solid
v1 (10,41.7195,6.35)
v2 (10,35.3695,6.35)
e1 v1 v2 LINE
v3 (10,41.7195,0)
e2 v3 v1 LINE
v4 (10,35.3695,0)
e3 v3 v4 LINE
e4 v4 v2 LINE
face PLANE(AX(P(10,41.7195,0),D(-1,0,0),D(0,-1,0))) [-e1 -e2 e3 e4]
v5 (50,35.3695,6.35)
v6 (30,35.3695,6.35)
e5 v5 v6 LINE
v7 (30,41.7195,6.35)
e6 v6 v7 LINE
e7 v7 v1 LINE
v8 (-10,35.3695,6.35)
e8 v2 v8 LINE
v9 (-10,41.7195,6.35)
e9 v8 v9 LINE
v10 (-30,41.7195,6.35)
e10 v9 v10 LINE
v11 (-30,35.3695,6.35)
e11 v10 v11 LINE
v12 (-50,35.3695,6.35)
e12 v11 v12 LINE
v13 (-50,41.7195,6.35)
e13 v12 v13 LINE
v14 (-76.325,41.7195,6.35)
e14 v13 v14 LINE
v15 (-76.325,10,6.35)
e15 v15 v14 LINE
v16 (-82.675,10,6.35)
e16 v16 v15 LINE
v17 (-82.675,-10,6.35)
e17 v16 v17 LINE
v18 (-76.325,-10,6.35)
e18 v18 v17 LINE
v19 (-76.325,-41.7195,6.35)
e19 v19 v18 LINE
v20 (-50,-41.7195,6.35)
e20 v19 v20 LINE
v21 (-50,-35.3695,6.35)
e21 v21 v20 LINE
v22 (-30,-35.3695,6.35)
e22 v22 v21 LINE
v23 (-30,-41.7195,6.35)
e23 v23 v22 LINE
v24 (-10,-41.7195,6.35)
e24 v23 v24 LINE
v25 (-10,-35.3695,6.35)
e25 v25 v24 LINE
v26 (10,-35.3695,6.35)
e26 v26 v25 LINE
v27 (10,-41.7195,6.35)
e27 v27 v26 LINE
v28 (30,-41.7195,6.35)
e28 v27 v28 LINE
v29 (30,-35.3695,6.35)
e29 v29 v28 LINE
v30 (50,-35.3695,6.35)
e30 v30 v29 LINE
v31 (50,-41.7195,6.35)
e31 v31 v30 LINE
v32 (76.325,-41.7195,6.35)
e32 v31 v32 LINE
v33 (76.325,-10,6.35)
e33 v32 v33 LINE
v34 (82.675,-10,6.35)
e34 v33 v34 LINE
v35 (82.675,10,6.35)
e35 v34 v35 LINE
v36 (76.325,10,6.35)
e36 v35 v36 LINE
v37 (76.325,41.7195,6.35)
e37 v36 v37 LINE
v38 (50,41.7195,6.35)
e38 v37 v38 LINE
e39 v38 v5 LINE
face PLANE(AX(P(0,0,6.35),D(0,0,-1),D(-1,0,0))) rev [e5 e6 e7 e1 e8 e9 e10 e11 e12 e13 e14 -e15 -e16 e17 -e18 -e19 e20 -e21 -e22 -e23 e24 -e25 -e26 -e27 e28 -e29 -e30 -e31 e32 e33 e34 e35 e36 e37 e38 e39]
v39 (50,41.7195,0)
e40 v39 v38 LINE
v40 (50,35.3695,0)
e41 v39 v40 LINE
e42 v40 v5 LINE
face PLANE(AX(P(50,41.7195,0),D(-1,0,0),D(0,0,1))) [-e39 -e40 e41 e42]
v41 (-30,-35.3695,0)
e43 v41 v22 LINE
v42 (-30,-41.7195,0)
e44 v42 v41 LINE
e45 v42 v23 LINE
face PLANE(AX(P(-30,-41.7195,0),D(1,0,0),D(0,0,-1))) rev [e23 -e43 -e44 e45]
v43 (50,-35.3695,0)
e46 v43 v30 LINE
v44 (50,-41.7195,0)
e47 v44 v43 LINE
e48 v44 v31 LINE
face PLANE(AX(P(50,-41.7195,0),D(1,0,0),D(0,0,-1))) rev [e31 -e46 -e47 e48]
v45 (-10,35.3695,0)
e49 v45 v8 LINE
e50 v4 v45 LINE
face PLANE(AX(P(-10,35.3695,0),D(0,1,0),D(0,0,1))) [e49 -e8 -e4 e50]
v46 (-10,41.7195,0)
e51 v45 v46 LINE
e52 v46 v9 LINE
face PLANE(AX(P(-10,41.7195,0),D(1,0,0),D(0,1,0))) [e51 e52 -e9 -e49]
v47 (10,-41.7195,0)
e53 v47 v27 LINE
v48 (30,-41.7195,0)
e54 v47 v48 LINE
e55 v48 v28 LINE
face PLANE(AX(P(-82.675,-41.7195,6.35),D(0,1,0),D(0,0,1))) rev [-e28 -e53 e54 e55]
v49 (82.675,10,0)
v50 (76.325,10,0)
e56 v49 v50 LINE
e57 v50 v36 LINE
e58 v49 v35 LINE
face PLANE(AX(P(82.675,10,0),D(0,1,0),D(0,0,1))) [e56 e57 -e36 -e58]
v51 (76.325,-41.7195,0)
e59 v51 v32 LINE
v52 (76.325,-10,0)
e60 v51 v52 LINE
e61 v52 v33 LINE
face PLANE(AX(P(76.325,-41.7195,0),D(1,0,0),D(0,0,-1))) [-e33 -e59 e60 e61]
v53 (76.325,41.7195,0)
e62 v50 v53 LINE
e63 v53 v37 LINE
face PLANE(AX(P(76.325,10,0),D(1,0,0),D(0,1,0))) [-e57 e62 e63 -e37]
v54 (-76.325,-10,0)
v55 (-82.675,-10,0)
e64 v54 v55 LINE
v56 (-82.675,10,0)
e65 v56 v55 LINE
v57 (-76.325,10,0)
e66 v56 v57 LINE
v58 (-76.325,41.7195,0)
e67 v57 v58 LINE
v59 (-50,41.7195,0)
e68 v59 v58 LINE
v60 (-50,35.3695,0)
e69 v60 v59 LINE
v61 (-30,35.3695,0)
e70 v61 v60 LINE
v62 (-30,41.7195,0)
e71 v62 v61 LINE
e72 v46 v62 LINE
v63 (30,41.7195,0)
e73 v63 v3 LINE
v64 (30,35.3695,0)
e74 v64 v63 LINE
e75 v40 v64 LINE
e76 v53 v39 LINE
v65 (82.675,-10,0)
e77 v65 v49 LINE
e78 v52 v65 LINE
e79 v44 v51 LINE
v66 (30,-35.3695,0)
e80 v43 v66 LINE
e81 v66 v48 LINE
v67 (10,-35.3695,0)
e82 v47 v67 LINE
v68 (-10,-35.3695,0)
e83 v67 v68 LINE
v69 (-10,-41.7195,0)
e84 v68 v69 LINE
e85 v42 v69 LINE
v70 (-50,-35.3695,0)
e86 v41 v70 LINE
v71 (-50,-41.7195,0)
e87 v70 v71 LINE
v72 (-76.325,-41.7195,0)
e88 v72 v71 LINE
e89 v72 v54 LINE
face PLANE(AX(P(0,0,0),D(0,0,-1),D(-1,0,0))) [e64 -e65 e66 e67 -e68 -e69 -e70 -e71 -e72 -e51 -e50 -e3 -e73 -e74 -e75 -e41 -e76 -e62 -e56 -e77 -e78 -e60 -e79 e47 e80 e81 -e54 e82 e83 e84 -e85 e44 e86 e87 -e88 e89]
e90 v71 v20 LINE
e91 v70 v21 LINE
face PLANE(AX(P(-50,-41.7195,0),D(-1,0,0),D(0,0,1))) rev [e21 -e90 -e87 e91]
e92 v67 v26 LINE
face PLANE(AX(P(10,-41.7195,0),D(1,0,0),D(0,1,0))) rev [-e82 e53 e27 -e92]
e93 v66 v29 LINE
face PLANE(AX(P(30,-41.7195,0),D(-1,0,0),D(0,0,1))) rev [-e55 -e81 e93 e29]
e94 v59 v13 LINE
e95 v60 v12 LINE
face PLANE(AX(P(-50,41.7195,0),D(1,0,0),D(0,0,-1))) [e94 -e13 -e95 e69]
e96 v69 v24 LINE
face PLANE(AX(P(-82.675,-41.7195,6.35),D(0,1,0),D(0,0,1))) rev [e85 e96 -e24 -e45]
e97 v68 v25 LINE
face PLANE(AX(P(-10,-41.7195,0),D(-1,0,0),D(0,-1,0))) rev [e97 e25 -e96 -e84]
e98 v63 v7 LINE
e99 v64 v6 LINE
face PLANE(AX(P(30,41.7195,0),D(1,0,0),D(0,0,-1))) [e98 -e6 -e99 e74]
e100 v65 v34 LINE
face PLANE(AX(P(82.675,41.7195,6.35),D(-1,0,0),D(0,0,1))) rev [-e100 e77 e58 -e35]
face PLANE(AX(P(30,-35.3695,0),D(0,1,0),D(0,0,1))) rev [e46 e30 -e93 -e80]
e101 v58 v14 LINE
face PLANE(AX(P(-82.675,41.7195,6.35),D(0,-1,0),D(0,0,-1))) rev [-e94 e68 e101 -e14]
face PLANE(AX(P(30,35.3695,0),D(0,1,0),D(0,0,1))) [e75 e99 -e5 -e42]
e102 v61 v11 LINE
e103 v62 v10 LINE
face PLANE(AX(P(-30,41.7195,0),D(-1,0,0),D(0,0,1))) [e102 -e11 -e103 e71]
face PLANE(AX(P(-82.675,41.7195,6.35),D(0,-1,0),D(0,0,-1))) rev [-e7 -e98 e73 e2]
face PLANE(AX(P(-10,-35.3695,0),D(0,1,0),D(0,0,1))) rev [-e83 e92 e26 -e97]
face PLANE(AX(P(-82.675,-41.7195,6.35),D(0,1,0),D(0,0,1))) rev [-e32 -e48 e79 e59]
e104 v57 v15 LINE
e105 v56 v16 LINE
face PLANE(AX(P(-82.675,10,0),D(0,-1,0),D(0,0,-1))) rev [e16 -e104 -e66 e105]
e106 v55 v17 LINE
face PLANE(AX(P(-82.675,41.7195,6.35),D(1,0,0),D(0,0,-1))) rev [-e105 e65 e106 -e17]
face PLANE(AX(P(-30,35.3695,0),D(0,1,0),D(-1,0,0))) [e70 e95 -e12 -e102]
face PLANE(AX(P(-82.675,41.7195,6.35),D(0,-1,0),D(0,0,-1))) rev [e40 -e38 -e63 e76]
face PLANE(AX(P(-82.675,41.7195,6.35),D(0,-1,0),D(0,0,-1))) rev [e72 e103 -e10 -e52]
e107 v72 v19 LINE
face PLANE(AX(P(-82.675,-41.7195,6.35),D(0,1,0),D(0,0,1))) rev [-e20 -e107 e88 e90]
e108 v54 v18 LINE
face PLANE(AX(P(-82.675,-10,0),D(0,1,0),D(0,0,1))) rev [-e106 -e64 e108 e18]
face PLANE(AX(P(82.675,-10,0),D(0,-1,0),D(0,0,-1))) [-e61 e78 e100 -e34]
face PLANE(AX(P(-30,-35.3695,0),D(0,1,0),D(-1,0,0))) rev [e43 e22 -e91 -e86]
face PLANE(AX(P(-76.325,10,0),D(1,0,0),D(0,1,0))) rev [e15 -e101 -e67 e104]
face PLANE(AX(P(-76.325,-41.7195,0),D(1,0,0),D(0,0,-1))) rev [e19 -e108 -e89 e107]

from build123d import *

# Parameters (mm, degrees)
ESQUISSE1_W             = 165.35
ESQUISSE1_H             = 83.439
BOSS_EXTRU_1_DEPTH      = 6.35
ESQUISSE2_W             = 6.35
ESQUISSE2_H             = 31.7195
ENL_V_MAT_EXTRU_1_DEPTH = 93.822383105
ESQUISSE3_W             = 20
ESQUISSE3_H             = 6.35
ENL_V_MAT_EXTRU_2_DEPTH = 93.822383105


with BuildPart() as part:
    # Esquisse1 → Boss.-Extru.1 (new body)
    with BuildSketch(Plane.XY):
        Rectangle(ESQUISSE1_W, ESQUISSE1_H)
    extrude(amount=BOSS_EXTRU_1_DEPTH)

    # Esquisse2 → Enlèv. mat.-Extru.1 (cut, through all)
    with BuildSketch(Plane.XY.offset(6.35)):
        with Locations((-79.5, -25.85975)):
            Rectangle(ESQUISSE2_W, ESQUISSE2_H)
        with Locations((-79.5, 25.85975)):
            Rectangle(ESQUISSE2_W, ESQUISSE2_H)
    enl_v_mat_extru_1 = extrude(amount=-ENL_V_MAT_EXTRU_1_DEPTH, mode=Mode.SUBTRACT)

    # Symétrie1: Enlèv. mat.-Extru.1 across plane
    add(enl_v_mat_extru_1.mirror(Plane(origin=(0, 0, 0), x_dir=(0, 0, 1), z_dir=(1, 0, 0))), mode=Mode.SUBTRACT)

    # Esquisse3 → Enlèv. mat.-Extru.2 (cut, through all)
    with BuildSketch(Plane.XY.offset(6.35)):
        with Locations((0, -38.5445)):
            Rectangle(ESQUISSE3_W, ESQUISSE3_H)
        with Locations((40, -38.5445)):
            Rectangle(ESQUISSE3_W, ESQUISSE3_H)
        with Locations((-40, -38.5445)):
            Rectangle(ESQUISSE3_W, ESQUISSE3_H)
    enl_v_mat_extru_2 = extrude(amount=-ENL_V_MAT_EXTRU_2_DEPTH, mode=Mode.SUBTRACT)

    # Symétrie2: Enlèv. mat.-Extru.2 across plane
    add(enl_v_mat_extru_2.mirror(Plane.ZX), mode=Mode.SUBTRACT)


solid = part.part
